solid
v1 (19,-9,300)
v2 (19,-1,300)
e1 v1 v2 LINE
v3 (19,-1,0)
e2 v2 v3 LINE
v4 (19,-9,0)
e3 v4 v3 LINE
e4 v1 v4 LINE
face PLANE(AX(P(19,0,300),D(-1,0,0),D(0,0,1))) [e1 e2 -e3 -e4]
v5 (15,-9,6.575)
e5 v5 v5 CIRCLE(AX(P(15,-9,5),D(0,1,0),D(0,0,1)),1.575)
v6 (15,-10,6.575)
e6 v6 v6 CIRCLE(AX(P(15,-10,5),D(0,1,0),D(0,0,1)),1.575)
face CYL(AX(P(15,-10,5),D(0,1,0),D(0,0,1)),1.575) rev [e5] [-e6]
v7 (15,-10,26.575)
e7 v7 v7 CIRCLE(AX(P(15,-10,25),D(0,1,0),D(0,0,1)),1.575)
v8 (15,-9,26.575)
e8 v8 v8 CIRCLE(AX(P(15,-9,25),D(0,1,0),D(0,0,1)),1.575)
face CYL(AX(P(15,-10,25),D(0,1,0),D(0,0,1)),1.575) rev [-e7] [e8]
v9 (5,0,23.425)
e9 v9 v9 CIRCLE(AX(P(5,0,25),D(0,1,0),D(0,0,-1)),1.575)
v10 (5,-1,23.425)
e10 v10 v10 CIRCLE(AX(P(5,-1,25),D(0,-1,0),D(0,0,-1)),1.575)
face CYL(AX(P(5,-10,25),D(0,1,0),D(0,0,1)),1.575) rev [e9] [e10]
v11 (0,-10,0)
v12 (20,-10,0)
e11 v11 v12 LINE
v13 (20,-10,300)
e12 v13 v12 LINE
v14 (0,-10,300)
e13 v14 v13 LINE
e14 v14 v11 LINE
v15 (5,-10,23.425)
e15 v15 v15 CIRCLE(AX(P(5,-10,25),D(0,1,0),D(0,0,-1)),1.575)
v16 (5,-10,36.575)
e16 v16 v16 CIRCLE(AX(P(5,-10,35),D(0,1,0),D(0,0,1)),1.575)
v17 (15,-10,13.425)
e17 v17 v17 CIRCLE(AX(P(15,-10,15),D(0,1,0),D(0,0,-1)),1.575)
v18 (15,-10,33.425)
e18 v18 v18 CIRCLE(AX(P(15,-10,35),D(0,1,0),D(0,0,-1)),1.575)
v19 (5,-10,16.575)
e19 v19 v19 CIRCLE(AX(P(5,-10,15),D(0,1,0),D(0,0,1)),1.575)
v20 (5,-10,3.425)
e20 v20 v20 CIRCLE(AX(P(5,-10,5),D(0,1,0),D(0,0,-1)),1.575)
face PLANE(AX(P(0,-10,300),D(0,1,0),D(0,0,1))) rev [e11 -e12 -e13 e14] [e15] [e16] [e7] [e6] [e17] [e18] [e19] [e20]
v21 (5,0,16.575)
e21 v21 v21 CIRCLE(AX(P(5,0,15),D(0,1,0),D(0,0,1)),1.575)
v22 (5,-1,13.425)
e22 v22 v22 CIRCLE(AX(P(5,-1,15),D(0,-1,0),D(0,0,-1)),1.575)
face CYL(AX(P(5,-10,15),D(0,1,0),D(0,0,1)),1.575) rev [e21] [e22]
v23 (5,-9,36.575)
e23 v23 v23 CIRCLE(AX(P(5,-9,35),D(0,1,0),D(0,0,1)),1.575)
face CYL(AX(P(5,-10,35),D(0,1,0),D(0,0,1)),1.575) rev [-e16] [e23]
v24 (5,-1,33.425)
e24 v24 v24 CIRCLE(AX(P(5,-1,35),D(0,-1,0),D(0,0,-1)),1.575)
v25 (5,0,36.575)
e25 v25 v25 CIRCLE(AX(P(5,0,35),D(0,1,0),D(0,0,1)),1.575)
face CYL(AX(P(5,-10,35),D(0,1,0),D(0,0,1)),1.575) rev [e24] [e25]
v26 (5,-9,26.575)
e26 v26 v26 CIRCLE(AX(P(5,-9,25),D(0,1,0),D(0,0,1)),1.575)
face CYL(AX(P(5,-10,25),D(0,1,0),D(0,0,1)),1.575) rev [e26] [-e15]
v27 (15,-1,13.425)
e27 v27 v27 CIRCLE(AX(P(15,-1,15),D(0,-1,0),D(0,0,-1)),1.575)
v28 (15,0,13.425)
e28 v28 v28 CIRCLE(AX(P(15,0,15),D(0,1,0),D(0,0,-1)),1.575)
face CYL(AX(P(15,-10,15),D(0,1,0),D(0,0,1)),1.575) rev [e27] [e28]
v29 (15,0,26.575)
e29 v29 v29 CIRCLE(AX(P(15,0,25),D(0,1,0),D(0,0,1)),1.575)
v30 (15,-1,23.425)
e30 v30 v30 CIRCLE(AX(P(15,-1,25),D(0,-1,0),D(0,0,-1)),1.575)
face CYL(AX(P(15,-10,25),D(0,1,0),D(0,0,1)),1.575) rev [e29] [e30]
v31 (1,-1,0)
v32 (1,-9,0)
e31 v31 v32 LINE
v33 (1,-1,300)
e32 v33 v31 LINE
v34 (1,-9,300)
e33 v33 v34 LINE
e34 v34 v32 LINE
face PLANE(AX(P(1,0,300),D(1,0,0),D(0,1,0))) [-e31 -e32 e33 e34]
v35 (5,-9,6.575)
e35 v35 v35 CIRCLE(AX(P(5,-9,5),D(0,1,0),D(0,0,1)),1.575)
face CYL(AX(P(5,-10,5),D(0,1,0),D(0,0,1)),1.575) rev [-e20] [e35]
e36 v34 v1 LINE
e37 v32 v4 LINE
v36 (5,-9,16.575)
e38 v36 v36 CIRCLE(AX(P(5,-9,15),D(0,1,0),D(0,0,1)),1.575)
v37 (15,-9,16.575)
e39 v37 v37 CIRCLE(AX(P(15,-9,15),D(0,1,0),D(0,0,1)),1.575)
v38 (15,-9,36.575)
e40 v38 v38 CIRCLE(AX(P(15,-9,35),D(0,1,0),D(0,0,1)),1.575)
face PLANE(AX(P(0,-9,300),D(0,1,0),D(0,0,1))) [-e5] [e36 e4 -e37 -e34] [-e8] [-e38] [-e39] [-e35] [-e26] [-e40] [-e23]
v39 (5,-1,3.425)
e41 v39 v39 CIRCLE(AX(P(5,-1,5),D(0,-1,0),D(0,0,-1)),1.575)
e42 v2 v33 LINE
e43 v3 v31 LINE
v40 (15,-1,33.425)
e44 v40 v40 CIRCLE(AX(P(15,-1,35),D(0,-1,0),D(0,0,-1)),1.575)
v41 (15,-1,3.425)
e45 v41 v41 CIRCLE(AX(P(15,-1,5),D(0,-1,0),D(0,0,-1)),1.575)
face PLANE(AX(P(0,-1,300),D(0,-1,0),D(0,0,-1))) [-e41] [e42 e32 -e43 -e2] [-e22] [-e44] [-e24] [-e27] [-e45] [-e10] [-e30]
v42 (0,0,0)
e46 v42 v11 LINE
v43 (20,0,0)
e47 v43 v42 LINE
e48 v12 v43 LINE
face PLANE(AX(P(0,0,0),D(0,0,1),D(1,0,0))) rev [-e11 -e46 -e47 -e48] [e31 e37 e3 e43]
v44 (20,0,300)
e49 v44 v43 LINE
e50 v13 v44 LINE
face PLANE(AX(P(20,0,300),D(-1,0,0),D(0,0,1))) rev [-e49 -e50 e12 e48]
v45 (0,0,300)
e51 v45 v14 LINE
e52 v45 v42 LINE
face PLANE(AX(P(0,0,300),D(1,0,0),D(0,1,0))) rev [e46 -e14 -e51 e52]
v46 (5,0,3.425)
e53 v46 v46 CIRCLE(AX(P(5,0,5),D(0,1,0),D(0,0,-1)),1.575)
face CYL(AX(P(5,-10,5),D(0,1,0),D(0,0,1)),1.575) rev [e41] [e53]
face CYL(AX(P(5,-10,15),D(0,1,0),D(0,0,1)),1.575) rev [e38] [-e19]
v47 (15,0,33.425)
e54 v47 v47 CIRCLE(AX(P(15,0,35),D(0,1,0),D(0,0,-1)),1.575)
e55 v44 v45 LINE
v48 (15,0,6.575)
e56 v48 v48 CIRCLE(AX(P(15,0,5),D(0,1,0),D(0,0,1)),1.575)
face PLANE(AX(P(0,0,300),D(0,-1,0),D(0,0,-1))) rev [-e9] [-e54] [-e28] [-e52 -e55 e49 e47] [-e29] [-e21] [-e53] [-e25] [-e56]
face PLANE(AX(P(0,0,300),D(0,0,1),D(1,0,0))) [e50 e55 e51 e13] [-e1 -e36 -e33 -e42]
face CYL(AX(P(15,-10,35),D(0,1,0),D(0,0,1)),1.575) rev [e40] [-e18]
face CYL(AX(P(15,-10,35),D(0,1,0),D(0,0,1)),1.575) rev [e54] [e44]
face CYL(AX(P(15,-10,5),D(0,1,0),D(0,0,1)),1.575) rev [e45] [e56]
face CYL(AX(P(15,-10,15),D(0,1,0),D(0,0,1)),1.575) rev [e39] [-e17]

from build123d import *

# Parameters (mm, degrees)
SKETCH_1_W          = 20
SKETCH_1_H          = 10
SKETCH_1_W_2        = 18
SKETCH_1_H_2        = 8
EXTRUDE_1_DEPTH     = 300
SKETCH_2_R          = 1.575
CUT_EXTRUDE_1_DEPTH = 301.83217913


with BuildPart() as part:
    # 草图1 → 拉伸-薄壁1 (new body)
    with BuildSketch(Plane.XY):
        with Locations((10, -5)):
            Rectangle(SKETCH_1_W, SKETCH_1_H)
        with Locations((10, -5)):
            Rectangle(SKETCH_1_W_2, SKETCH_1_H_2, mode=Mode.SUBTRACT)
    extrude(amount=EXTRUDE_1_DEPTH)

    # 草图2 → 切除-拉伸1 (cut, through all)
    with BuildSketch(Plane(origin=(0, 0, 0), x_dir=(1, 0, 0), z_dir=(0, 1, 0))):
        with Locations(Location((15, -5, 0), (0, 0, 270))):
            Circle(SKETCH_2_R)
        with Locations(Location((5, -5, 0), (0, 0, 90))):
            Circle(SKETCH_2_R)
        with Locations(Location((5, -15, 0), (0, 0, 270))):
            Circle(SKETCH_2_R)
        with Locations(Location((15, -15, 0), (0, 0, 90))):
            Circle(SKETCH_2_R)
        with Locations(Location((15, -25, 0), (0, 0, 270))):
            Circle(SKETCH_2_R)
        with Locations(Location((5, -25, 0), (0, 0, 90))):
            Circle(SKETCH_2_R)
        with Locations(Location((5, -35, 0), (0, 0, 270))):
            Circle(SKETCH_2_R)
        with Locations(Location((15, -35, 0), (0, 0, 90))):
            Circle(SKETCH_2_R)
    extrude(amount=-CUT_EXTRUDE_1_DEPTH, mode=Mode.SUBTRACT)


solid = part.part
